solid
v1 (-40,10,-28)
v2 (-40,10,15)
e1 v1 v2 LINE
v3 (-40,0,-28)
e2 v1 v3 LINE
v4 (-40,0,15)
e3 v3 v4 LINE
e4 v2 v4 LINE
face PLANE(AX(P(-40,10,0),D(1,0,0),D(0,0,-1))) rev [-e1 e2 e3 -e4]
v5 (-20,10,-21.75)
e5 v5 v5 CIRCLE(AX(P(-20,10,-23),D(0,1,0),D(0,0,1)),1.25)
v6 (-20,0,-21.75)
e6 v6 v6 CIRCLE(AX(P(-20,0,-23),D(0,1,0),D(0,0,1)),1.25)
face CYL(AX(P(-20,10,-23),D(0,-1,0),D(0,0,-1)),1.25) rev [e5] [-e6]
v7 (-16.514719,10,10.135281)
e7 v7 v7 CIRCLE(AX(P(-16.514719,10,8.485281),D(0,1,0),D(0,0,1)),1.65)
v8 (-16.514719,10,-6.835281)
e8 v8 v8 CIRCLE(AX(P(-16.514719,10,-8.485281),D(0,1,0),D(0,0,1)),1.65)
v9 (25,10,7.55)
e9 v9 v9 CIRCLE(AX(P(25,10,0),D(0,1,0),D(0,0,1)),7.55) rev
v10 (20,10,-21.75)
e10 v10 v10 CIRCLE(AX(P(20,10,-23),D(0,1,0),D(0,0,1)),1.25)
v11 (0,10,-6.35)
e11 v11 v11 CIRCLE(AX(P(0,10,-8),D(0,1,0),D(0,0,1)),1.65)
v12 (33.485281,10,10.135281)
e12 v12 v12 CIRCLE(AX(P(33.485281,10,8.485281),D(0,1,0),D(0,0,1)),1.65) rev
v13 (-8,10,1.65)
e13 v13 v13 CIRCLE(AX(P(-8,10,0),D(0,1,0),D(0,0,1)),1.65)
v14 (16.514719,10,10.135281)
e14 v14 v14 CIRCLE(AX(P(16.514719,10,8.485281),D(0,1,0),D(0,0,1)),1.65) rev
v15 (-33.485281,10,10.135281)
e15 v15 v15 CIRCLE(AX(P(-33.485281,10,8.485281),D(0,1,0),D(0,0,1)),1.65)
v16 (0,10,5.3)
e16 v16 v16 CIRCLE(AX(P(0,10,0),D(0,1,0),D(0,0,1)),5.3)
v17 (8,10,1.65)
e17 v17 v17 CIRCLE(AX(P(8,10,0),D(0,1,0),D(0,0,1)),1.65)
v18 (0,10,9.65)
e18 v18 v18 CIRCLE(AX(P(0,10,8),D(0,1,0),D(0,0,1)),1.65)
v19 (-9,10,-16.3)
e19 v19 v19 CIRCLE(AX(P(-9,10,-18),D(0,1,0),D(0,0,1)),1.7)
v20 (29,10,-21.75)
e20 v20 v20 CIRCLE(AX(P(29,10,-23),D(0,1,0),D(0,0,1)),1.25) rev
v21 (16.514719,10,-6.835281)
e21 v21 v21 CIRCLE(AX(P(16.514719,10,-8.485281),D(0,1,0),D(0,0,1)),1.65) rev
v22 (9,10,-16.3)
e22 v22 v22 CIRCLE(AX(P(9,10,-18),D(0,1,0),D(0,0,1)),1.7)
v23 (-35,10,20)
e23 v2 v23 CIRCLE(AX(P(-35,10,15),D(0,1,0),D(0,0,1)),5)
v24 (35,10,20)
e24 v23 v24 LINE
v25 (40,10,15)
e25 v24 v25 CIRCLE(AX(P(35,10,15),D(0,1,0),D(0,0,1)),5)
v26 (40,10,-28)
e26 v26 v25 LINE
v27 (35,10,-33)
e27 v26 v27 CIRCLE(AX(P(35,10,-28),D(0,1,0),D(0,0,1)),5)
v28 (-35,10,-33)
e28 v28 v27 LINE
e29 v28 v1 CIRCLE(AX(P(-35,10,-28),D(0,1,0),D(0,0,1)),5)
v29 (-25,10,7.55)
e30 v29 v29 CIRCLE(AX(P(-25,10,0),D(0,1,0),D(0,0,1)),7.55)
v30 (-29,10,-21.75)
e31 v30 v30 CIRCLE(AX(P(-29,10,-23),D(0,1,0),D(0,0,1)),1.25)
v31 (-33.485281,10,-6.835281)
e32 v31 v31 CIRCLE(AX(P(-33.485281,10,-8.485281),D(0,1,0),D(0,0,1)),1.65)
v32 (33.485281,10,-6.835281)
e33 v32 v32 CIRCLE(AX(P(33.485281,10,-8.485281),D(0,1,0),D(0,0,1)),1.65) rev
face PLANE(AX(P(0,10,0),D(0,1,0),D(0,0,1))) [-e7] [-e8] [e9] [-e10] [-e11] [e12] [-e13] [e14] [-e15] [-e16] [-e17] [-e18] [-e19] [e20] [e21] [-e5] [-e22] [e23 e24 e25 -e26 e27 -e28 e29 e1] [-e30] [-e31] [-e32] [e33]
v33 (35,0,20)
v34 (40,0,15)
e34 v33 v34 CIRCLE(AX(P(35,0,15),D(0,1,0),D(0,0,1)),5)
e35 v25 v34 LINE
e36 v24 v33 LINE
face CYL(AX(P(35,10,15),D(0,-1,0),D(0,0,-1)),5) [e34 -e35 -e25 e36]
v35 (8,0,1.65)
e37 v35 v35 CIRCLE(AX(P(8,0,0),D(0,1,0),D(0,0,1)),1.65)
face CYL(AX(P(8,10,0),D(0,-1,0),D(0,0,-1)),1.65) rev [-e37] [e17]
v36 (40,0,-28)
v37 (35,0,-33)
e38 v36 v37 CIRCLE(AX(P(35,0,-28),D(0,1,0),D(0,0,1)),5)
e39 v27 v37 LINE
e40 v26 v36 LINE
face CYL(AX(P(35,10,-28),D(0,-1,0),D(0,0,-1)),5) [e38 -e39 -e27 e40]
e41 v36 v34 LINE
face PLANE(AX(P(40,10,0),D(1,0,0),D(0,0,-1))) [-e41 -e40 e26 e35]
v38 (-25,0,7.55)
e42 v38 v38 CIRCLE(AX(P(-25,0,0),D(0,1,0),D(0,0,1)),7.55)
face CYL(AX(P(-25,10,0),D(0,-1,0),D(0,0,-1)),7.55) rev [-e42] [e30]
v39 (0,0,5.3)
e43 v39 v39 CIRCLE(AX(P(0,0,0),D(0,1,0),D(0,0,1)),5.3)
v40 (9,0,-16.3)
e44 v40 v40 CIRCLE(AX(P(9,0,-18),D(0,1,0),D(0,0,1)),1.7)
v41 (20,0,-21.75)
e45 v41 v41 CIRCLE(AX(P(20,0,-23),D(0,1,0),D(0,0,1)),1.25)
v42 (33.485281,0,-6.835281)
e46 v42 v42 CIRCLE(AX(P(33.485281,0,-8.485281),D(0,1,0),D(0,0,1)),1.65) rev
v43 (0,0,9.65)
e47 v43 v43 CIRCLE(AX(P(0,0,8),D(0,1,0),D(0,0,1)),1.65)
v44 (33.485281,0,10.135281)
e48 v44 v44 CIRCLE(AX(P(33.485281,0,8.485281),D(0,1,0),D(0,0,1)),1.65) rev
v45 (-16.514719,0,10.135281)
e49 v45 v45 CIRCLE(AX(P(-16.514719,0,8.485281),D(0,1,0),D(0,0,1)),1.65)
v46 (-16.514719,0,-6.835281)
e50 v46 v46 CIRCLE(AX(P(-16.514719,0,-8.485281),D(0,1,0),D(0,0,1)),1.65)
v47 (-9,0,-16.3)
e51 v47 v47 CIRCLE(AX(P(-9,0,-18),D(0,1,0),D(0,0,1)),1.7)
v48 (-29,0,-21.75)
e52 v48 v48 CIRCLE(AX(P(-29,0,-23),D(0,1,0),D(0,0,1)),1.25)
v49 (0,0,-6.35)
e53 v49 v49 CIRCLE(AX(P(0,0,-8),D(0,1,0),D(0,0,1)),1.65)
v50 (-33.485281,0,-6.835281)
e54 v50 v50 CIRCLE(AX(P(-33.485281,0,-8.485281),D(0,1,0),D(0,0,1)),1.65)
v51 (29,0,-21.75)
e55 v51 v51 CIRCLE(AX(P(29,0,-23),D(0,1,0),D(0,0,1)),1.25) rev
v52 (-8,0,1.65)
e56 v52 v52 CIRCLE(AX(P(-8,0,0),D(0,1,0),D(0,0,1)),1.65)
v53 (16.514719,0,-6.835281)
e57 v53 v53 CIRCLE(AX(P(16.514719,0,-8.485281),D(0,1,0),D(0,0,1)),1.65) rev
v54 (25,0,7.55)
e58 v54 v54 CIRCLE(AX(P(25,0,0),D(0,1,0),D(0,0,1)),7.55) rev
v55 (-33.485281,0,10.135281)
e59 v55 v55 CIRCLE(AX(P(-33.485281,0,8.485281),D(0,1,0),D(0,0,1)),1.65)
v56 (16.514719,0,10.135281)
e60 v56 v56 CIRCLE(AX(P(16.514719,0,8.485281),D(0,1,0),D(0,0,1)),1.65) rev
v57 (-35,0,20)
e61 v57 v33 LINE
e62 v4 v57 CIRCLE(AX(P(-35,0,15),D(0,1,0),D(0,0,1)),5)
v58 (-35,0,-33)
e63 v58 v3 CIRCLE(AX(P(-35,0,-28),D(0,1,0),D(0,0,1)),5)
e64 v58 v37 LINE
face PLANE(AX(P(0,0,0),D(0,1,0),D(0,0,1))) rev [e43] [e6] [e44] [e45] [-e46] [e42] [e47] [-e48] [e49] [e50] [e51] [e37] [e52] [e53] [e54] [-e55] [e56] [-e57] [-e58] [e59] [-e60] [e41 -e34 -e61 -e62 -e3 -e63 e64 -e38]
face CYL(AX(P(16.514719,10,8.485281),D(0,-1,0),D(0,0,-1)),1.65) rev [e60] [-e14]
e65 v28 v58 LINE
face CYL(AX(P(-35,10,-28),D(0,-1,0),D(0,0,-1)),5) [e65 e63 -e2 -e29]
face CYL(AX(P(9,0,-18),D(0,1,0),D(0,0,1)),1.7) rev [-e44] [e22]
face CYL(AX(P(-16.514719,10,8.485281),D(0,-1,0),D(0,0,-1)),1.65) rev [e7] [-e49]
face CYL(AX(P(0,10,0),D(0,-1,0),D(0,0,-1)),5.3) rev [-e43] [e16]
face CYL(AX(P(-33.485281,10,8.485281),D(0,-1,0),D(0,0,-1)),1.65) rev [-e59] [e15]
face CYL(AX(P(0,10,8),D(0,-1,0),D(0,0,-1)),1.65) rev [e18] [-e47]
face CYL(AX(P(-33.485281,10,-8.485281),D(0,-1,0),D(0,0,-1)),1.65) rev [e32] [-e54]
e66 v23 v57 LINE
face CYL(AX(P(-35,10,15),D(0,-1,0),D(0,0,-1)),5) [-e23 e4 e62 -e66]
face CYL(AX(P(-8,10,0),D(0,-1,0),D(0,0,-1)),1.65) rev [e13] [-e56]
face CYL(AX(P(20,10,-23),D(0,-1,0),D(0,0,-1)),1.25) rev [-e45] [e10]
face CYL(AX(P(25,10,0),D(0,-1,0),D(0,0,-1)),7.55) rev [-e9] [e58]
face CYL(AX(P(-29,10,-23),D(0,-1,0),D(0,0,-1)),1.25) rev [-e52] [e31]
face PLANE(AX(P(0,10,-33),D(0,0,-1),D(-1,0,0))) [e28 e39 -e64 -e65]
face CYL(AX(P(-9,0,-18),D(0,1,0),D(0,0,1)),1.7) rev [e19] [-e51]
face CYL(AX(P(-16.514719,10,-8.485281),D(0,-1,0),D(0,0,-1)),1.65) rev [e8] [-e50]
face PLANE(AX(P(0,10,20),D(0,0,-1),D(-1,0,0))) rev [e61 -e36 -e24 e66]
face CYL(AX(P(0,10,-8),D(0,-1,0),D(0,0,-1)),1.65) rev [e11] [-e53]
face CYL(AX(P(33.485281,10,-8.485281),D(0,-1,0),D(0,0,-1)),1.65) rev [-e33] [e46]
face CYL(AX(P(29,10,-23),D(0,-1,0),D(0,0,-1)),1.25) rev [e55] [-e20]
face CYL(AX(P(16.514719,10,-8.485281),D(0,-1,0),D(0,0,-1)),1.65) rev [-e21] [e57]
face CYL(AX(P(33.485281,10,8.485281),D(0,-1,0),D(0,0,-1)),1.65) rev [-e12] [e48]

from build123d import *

# Parameters (mm, degrees)
SKETCH_1_R          = 5.3
SKETCH_1_R_2        = 1.65
SKETCH_1_R_3        = 7.55
SKETCH_1_R_4        = 1.25
EXTRUDE_1_DEPTH     = 10
SKETCH_2_R          = 1.7
CUT_EXTRUDE_1_DEPTH = 10


with BuildPart() as part:
    # 草图1 → 凸台-拉伸1 (new body)
    with BuildSketch(Plane(origin=(0, 0, 0), x_dir=(1, 0, 0), z_dir=(0, 1, 0))):
        with BuildLine():
            Line((-35, 33), (35, 33))
            ThreePointArc((35, 33), (38.535533906, 31.535533906), (40, 28))
            Line((40, 28), (40, -15))
            ThreePointArc((40, -15), (38.535533906, -18.535533906), (35, -20))
            Line((35, -20), (-35, -20))
            ThreePointArc((-35, -20), (-38.535533906, -18.535533906), (-40, -15))
            Line((-40, -15), (-40, 28))
            ThreePointArc((-40, 28), (-38.535533906, 31.535533906), (-35, 33))
        make_face()
        Circle(SKETCH_1_R, mode=Mode.SUBTRACT)
        with Locations((0, 8)):
            Circle(SKETCH_1_R_2, mode=Mode.SUBTRACT)
        with Locations((8, 0)):
            Circle(SKETCH_1_R_2, mode=Mode.SUBTRACT)
        with Locations((0, -8)):
            Circle(SKETCH_1_R_2, mode=Mode.SUBTRACT)
        with Locations((-8, 0)):
            Circle(SKETCH_1_R_2, mode=Mode.SUBTRACT)
        with Locations((-25, 0)):
            Circle(SKETCH_1_R_3, mode=Mode.SUBTRACT)
        with Locations((-33.485281374, 8.485281374)):
            Circle(SKETCH_1_R_2, mode=Mode.SUBTRACT)
        with Locations((-16.514718626, 8.485281374)):
            Circle(SKETCH_1_R_2, mode=Mode.SUBTRACT)
        with Locations((-16.514718626, -8.485281374)):
            Circle(SKETCH_1_R_2, mode=Mode.SUBTRACT)
        with Locations((-33.485281374, -8.485281374)):
            Circle(SKETCH_1_R_2, mode=Mode.SUBTRACT)
        with Locations((25, 0)):
            Circle(SKETCH_1_R_3, mode=Mode.SUBTRACT)
        with Locations((16.514718626, 8.485281374)):
            Circle(SKETCH_1_R_2, mode=Mode.SUBTRACT)
        with Locations((16.514718626, -8.485281374)):
            Circle(SKETCH_1_R_2, mode=Mode.SUBTRACT)
        with Locations((33.485281374, -8.485281374)):
            Circle(SKETCH_1_R_2, mode=Mode.SUBTRACT)
        with Locations((33.485281374, 8.485281374)):
            Circle(SKETCH_1_R_2, mode=Mode.SUBTRACT)
        with Locations((-20, 23)):
            Circle(SKETCH_1_R_4, mode=Mode.SUBTRACT)
        with Locations((20, 23)):
            Circle(SKETCH_1_R_4, mode=Mode.SUBTRACT)
        with Locations((-29, 23)):
            Circle(SKETCH_1_R_4, mode=Mode.SUBTRACT)
        with Locations((29, 23)):
            Circle(SKETCH_1_R_4, mode=Mode.SUBTRACT)
    extrude(amount=EXTRUDE_1_DEPTH)

    # 草图2 → 切除-拉伸1 (cut)
    with BuildSketch(Plane(origin=(0, 10, 0), x_dir=(1, 0, 0), z_dir=(0, 1, 0))):
        with Locations((-9, 18)):
            Circle(SKETCH_2_R)
        with Locations((9, 18)):
            Circle(SKETCH_2_R)
    extrude(amount=-CUT_EXTRUDE_1_DEPTH, mode=Mode.SUBTRACT)


solid = part.part
